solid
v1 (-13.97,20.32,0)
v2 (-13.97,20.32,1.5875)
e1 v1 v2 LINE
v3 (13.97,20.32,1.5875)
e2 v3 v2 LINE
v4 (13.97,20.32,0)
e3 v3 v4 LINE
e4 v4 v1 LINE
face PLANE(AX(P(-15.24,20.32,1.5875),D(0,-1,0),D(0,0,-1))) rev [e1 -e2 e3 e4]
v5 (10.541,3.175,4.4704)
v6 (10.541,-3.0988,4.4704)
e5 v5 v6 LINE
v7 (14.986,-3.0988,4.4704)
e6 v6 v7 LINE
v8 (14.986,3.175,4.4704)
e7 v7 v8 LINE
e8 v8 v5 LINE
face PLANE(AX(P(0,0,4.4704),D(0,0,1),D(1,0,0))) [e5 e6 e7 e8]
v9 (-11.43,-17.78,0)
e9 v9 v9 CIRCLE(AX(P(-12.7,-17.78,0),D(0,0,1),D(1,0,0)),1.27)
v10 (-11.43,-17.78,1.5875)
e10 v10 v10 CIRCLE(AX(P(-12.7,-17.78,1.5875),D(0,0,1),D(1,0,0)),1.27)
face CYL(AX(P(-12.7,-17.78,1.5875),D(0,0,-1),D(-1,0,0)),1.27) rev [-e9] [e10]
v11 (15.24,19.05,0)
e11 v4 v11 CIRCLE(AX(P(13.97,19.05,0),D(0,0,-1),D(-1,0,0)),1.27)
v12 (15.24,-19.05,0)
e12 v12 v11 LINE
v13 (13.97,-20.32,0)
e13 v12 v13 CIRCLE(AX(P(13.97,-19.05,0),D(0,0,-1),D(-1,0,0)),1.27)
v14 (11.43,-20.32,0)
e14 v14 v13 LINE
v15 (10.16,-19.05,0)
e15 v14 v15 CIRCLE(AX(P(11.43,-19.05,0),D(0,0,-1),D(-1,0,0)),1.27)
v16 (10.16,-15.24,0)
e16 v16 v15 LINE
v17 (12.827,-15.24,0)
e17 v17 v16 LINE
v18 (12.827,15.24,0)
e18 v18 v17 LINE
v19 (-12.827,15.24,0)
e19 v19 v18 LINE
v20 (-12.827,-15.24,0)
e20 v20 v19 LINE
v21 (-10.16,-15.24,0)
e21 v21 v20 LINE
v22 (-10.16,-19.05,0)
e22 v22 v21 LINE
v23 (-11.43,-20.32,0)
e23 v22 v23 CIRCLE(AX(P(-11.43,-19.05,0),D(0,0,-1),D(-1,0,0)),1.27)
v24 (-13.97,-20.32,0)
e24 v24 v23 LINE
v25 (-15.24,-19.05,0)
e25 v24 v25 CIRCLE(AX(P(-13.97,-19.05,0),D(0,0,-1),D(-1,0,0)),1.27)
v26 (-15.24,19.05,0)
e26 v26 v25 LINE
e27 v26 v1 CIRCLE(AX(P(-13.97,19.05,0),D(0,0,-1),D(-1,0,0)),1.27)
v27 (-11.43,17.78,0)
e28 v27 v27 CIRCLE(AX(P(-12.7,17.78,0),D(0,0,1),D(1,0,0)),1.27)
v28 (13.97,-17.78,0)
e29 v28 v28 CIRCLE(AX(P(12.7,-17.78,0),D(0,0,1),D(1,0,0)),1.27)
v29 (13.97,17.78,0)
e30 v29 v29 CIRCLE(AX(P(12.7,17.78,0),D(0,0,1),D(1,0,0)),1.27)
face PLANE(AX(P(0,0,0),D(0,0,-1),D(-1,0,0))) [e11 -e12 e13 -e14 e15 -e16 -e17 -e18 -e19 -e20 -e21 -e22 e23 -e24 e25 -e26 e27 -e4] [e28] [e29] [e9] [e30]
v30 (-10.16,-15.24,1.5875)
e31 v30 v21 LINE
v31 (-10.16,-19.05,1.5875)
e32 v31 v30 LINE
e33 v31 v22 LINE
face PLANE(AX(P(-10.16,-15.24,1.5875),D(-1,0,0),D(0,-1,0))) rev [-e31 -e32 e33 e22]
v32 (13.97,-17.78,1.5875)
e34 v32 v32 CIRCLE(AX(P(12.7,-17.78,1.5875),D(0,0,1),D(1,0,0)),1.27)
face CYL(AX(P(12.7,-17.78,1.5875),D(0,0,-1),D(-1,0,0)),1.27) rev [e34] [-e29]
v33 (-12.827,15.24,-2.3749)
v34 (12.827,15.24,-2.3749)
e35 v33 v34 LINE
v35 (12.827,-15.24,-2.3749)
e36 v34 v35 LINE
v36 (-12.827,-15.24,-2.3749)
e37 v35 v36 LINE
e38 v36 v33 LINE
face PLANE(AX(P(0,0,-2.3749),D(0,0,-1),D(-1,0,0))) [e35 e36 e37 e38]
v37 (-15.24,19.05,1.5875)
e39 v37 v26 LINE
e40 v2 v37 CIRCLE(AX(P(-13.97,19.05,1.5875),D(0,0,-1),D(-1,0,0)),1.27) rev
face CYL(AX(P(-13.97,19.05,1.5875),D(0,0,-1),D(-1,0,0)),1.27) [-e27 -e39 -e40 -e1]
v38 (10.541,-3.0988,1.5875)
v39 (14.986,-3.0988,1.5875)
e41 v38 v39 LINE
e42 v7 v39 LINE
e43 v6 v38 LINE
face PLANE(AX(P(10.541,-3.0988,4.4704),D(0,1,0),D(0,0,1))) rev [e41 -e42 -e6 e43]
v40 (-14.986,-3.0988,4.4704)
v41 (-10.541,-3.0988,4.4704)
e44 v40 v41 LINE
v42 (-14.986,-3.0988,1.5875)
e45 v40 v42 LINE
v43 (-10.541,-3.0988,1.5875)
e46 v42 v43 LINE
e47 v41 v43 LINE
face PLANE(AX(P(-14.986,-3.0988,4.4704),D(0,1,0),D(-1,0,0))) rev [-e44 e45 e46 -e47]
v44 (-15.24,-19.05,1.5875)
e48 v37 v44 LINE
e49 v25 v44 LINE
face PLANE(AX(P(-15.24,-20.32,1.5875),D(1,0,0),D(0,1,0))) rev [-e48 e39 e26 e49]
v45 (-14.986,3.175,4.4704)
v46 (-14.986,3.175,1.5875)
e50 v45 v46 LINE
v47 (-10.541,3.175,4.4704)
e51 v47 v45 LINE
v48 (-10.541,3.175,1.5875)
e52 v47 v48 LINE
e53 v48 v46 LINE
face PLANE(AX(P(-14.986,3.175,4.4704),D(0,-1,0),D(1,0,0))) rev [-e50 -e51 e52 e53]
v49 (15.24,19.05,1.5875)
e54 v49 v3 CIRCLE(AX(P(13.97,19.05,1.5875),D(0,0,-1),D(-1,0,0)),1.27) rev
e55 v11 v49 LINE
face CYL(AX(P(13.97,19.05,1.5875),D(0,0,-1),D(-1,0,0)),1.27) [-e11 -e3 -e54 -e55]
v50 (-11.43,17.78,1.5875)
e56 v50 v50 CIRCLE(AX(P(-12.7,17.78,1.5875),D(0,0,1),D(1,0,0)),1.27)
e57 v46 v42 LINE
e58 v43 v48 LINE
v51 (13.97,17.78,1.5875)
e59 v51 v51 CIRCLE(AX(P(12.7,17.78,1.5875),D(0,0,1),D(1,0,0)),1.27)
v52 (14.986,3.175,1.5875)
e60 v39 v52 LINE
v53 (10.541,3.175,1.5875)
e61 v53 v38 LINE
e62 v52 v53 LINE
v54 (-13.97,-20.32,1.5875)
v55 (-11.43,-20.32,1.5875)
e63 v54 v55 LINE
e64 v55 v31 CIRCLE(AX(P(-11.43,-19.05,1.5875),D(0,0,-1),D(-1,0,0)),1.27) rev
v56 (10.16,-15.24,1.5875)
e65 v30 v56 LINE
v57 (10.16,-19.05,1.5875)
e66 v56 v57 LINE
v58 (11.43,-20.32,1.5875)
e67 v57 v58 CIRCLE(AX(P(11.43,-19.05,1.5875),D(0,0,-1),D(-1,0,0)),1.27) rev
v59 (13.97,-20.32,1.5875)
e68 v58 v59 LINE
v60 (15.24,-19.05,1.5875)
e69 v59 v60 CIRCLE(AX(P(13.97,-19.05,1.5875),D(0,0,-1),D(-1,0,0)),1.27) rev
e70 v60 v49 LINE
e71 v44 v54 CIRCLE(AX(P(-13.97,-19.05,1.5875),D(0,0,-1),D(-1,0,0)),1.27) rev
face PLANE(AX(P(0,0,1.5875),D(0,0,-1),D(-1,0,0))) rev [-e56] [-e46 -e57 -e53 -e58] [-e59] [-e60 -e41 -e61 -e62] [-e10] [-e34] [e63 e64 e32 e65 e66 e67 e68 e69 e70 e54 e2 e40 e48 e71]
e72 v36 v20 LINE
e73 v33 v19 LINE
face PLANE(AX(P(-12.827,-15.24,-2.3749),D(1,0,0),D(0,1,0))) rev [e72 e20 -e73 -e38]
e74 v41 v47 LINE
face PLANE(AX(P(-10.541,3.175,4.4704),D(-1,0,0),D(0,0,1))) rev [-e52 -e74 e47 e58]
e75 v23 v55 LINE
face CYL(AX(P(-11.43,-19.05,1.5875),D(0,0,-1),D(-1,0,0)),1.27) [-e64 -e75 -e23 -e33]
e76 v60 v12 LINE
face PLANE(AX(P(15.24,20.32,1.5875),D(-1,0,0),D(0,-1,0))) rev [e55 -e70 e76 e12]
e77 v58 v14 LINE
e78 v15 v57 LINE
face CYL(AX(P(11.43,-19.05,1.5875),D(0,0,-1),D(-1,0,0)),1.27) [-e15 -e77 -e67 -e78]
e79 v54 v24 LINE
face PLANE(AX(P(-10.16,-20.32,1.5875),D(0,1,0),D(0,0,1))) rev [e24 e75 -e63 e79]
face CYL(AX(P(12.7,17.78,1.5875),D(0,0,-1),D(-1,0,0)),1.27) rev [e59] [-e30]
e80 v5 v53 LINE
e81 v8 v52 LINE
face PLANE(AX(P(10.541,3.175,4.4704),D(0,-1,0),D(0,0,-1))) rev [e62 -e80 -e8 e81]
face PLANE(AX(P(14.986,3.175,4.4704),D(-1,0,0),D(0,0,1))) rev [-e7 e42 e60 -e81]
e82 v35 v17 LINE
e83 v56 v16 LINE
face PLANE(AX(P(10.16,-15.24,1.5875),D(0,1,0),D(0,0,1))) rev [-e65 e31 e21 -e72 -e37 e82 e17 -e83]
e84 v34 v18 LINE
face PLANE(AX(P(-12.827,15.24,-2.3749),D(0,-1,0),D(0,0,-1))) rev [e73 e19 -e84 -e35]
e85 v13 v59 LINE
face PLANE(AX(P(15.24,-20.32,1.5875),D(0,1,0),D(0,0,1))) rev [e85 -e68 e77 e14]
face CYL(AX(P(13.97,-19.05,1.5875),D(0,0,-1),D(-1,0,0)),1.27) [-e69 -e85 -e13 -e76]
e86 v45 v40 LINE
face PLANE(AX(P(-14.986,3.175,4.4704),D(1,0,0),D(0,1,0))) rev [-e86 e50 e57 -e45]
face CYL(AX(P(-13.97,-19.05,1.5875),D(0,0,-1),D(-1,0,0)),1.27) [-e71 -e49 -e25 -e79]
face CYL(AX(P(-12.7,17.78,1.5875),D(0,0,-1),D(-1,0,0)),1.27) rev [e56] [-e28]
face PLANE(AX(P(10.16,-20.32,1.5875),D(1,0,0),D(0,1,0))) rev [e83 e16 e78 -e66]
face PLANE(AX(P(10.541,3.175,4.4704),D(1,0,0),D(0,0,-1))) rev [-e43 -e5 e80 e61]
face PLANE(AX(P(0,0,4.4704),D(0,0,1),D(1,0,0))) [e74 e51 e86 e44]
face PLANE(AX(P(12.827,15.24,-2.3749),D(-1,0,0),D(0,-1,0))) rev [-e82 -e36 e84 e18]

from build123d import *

# Parameters (mm, degrees)
SKETCH1_R           = 1.27
BOSS_EXTRUDE1_DEPTH = 1.5875
FILLET1_R           = 1.27
SKETCH2_W           = 25.654
SKETCH2_H           = 30.48
BOSS_EXTRUDE2_DEPTH = 2.3749
SKETCH3_W           = 4.445
SKETCH3_H           = 6.2738
BOSS_EXTRUDE3_DEPTH = 2.8829


with BuildPart() as part:
    # Sketch1 → Boss-Extrude1 (new body)
    with BuildSketch(Plane.XY):
        Polygon((-15.24, 20.32), (15.24, 20.32), (15.24, -20.32), (10.16, -20.32), (10.16, -15.24), (-10.16, -15.24), (-10.16, -20.32), (-15.24, -20.32), align=None)
        with Locations((-12.7, -17.78)):
            Circle(SKETCH1_R, mode=Mode.SUBTRACT)
        with Locations((12.7, -17.78)):
            Circle(SKETCH1_R, mode=Mode.SUBTRACT)
        with Locations((-12.7, 17.78)):
            Circle(SKETCH1_R, mode=Mode.SUBTRACT)
        with Locations((12.7, 17.78)):
            Circle(SKETCH1_R, mode=Mode.SUBTRACT)
    extrude(amount=BOSS_EXTRUDE1_DEPTH)

    # Fillet1
    fillet1_edges = [part.edges().sort_by_distance(p)[0] for p in [
        (-15.24, 20.32, 0.79375),
        (15.24, 20.32, 0.79375),
        (15.24, -20.32, 0.79375),
        (10.16, -20.32, 0.79375),
        (-10.16, -20.32, 0.79375),
        (-15.24, -20.32, 0.79375),
    ]]
    fillet(fillet1_edges, radius=FILLET1_R)

    # Sketch2 → Boss-Extrude2 (add)
    with BuildSketch(Plane(origin=(0, 0, 0), x_dir=(-1, 0, 0), z_dir=(0, 0, -1))):
        Rectangle(SKETCH2_W, SKETCH2_H)
    extrude(amount=BOSS_EXTRUDE2_DEPTH)

    # Sketch3 → Boss-Extrude3 (add)
    with BuildSketch(Plane.XY.offset(1.5875)):
        with Locations((-12.7635, 0.0381)):
            Rectangle(SKETCH3_W, SKETCH3_H)
        with Locations((12.7635, 0.0381)):
            Rectangle(SKETCH3_W, SKETCH3_H)
    extrude(amount=BOSS_EXTRUDE3_DEPTH)


solid = part.part
